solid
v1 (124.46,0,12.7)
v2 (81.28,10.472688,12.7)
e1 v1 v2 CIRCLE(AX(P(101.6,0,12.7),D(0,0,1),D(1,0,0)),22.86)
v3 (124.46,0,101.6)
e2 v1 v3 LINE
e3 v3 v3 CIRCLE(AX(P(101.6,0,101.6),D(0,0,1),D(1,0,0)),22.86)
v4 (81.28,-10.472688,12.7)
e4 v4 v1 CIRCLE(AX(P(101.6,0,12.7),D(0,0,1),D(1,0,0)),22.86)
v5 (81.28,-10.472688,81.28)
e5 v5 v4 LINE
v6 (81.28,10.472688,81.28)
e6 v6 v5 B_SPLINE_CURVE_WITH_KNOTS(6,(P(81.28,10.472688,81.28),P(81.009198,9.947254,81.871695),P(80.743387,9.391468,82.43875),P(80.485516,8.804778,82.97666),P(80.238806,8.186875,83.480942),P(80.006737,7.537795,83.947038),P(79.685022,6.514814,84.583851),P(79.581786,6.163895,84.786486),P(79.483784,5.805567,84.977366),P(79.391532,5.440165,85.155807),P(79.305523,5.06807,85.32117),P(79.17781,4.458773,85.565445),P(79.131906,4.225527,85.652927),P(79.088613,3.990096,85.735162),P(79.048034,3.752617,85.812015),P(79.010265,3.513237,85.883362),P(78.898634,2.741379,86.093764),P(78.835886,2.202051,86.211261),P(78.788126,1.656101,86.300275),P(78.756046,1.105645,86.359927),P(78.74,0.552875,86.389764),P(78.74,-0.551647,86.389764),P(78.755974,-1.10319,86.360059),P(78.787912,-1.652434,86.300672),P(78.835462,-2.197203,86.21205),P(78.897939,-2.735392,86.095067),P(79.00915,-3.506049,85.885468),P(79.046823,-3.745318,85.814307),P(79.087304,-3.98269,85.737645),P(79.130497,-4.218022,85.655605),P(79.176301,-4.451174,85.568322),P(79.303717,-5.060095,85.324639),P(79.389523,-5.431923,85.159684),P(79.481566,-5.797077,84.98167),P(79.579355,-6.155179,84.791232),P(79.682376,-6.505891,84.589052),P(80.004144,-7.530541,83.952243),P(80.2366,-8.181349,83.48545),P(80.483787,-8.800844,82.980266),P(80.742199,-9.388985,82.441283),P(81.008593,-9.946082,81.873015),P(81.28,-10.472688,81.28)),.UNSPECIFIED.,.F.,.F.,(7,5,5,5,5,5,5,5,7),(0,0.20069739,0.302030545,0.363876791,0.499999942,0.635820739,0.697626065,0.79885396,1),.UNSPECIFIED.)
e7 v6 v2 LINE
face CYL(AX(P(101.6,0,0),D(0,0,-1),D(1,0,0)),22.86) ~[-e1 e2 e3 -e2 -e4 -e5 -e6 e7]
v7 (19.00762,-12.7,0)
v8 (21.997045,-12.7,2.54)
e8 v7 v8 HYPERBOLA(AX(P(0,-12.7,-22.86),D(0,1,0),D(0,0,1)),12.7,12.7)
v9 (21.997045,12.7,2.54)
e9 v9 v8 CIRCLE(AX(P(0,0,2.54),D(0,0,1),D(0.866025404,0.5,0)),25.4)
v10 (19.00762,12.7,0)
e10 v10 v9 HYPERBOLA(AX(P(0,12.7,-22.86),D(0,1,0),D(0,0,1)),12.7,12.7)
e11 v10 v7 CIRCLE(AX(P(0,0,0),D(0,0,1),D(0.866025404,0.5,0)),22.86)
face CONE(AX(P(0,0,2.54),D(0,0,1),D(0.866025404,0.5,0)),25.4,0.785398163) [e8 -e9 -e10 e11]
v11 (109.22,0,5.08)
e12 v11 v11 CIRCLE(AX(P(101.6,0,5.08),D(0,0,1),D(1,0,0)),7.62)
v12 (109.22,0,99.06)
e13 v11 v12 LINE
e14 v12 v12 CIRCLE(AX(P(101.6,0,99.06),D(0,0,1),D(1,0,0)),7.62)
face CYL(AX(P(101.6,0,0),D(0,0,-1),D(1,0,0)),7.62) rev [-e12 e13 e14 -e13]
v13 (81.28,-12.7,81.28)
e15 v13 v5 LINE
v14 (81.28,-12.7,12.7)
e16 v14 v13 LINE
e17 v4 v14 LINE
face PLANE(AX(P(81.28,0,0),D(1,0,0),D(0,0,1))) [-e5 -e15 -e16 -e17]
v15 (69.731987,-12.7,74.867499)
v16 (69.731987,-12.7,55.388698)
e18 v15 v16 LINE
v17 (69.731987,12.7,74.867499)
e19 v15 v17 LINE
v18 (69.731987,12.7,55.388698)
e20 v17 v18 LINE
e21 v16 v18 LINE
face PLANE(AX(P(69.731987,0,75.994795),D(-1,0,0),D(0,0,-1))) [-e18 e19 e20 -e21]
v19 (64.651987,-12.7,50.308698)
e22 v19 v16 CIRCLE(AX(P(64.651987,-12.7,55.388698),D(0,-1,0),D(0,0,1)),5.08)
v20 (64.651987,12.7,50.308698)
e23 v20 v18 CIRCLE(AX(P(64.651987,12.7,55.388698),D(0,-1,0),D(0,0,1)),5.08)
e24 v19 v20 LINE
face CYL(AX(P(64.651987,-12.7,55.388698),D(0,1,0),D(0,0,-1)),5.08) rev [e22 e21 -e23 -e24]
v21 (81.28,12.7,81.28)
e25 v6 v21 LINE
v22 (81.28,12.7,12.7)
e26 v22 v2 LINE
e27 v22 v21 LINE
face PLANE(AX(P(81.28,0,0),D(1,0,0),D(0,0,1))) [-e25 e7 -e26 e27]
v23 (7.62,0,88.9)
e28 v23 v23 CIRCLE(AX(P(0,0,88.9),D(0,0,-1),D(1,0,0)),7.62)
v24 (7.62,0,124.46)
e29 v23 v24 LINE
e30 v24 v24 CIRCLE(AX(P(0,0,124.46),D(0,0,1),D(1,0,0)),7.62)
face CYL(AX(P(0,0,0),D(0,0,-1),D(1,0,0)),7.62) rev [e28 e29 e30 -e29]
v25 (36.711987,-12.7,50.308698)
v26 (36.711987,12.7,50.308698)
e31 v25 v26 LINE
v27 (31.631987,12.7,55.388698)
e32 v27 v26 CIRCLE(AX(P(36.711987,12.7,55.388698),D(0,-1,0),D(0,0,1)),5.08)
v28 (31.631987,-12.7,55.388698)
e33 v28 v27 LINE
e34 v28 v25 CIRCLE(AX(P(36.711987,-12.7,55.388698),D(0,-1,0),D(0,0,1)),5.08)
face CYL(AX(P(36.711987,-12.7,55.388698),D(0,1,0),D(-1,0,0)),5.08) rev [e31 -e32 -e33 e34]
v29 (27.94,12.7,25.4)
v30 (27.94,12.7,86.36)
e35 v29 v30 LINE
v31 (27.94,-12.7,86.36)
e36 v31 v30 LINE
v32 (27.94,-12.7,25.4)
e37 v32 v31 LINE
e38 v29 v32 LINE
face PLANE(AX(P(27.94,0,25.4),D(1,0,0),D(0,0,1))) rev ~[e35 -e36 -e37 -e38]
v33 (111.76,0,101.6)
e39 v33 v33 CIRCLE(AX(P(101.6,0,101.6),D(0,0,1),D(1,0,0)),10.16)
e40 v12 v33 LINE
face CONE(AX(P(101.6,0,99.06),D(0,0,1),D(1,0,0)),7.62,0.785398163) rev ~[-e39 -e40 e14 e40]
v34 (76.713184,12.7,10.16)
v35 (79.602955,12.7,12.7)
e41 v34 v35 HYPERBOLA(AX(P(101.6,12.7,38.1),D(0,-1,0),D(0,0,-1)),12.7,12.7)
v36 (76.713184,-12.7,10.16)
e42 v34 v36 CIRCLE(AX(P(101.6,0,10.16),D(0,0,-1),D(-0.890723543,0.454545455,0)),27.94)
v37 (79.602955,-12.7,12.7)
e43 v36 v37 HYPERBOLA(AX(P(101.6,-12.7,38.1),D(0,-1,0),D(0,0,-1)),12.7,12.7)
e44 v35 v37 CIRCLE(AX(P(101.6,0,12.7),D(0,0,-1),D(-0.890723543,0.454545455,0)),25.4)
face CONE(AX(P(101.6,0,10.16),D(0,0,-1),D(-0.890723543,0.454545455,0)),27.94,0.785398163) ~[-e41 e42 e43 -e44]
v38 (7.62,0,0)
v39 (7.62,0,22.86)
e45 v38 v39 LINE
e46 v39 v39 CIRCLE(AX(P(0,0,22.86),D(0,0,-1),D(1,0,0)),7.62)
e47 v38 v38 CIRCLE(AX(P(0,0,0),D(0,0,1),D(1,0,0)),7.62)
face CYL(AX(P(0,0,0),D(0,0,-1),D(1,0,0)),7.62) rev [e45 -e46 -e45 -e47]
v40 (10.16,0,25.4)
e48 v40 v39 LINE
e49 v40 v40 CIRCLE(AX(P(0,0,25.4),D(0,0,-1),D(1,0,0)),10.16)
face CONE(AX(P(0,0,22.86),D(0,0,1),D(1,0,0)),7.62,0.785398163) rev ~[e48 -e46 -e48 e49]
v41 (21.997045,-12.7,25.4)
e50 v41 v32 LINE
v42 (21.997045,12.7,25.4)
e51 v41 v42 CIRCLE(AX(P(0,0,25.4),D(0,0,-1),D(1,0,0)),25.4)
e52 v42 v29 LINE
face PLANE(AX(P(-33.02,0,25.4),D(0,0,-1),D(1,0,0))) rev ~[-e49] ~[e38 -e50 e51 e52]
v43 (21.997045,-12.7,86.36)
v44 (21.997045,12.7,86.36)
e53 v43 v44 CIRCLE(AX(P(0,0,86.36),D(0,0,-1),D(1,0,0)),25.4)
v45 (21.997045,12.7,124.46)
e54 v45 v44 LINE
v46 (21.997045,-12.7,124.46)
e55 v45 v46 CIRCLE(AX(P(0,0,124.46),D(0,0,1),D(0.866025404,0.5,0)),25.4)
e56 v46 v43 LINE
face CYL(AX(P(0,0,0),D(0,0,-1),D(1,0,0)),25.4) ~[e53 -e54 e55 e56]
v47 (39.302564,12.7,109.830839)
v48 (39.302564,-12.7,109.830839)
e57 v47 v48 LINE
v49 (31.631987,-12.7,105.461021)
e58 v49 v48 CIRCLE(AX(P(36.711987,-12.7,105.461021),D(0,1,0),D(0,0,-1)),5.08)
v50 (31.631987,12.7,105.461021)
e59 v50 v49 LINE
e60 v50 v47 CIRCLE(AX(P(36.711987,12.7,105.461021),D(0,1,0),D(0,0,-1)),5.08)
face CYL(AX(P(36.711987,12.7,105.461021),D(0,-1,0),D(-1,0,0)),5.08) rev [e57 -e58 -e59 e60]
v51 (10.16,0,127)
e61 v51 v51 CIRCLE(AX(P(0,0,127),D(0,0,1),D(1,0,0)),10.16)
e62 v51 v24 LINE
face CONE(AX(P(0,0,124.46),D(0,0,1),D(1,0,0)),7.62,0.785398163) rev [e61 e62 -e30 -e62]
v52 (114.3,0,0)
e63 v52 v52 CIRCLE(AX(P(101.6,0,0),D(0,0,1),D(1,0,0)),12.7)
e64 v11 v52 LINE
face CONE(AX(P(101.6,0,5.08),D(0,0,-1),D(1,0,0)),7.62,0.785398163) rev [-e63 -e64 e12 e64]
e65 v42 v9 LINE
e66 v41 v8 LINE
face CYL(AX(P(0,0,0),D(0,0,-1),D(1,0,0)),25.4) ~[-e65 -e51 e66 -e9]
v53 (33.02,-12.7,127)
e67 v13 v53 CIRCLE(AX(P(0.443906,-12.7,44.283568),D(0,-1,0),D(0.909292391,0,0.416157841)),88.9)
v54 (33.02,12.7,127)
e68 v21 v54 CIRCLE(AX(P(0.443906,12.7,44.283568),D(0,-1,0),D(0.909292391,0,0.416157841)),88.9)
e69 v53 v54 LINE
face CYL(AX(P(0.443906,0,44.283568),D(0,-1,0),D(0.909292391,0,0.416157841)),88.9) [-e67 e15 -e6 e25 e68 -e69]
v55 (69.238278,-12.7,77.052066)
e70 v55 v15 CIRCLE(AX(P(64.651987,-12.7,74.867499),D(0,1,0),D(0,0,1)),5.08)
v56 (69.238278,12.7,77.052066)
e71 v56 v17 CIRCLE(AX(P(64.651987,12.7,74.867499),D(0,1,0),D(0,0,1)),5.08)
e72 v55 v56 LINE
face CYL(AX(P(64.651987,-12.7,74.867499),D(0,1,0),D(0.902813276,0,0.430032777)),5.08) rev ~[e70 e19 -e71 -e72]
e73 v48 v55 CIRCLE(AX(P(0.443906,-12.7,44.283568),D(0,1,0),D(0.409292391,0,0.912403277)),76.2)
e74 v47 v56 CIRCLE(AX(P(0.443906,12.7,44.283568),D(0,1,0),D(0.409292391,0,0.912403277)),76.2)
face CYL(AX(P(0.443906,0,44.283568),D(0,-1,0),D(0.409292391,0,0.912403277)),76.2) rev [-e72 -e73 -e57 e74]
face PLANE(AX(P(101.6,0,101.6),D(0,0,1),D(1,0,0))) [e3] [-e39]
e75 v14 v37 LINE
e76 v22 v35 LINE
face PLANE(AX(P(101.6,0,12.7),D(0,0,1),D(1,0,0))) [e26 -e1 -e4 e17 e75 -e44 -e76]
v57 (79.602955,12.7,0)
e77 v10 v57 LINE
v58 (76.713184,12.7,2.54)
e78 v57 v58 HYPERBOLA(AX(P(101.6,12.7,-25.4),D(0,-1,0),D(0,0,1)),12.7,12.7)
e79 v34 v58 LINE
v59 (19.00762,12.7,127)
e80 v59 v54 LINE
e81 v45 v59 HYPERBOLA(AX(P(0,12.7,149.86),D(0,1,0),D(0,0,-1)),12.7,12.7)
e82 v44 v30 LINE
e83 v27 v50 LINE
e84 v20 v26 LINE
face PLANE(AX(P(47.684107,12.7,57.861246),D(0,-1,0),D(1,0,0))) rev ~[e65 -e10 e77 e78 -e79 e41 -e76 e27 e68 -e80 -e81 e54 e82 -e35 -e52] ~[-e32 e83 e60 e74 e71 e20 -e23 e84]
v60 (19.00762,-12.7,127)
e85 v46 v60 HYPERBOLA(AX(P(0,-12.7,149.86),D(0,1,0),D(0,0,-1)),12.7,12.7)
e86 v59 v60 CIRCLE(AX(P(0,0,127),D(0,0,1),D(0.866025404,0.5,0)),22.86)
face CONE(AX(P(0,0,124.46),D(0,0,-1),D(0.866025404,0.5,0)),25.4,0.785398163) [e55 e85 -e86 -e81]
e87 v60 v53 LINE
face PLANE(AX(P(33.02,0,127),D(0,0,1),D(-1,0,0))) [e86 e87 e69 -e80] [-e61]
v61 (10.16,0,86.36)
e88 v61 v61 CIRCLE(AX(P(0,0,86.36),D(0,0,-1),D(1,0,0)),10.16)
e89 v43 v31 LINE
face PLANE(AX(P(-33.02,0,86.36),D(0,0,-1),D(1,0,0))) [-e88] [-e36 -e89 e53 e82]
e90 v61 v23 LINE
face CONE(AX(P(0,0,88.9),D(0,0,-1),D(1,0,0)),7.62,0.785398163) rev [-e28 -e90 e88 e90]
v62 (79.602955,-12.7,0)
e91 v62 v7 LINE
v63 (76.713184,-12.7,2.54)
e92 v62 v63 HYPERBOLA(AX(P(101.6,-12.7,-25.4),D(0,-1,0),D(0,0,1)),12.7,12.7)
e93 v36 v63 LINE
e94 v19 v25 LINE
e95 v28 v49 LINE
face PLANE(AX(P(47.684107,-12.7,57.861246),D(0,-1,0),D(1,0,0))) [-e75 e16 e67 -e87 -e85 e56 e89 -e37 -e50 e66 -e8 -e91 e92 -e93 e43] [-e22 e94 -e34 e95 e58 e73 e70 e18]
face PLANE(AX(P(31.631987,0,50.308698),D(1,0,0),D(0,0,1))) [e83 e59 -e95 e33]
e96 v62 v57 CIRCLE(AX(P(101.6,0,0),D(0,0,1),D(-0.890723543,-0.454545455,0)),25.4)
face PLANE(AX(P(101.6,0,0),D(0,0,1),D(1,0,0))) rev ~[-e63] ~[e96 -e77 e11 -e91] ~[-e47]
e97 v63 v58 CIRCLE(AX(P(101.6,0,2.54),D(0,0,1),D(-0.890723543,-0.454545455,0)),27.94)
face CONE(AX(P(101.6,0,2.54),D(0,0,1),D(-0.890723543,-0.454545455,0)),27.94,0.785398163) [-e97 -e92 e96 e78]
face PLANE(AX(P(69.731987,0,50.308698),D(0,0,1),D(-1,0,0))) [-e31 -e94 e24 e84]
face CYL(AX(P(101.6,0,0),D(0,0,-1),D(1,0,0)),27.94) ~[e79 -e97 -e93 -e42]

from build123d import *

# Parameters (mm, degrees)
F0_R      = 25.4
F0_R_2    = 7.62
F1_DEPTH  = 127
F0_R_3    = 22.86
F2_DEPTH  = 101.6
F4_DEPTH  = 12.7
F5_W      = 60.96
F5_H      = 60.96
F6_DEPTH  = 50.8
F7_R      = 5.08
F8_SIZE   = 2.54
F9_R      = 27.94
F9_R_2    = 22.86
F10_DEPTH = 12.7
F11_SIZE  = 5.08
F12_SIZE  = 2.54
F13_SIZE  = 2.54
F14_SIZE  = 2.54


with BuildPart() as f1:
    # F0 (on Top) → F1 (new body)
    with BuildSketch(Plane.XY):
        Circle(F0_R)
        Circle(F0_R_2, mode=Mode.SUBTRACT)
    extrude(amount=F1_DEPTH)



with BuildPart() as f2:
    # F0 (on Top) → F2 (new body)
    with BuildSketch(Plane.XY):
        with Locations((101.6, 0)):
            Circle(F0_R_3)
        with Locations((101.6, 0)):
            Circle(F0_R_2, mode=Mode.SUBTRACT)
    extrude(amount=F2_DEPTH)


with BuildPart() as f1_1:
    add(f1.part)

    add(f2.part)  # F4 merges F2
    # F3 (on Front) → F4 (join, symmetric)
    with BuildSketch(Plane.XZ):
        with BuildLine():
            Line((20.32, 127), (20.32, 0))
            Line((20.32, 0), (81.28, 0))
            Line((81.28, 0), (81.28, 81.28))
            ThreePointArc((81.28, 81.28), (61.5844056789, 108.82076155), (33.02, 127))
            Line((33.02, 127), (20.32, 127))
        make_face()
        with BuildLine():
            ThreePointArc((31.63198664, 113.8086976228), (54.1219978961, 98.3677847047), (69.73198664, 75.9947954215))
            Line((69.73198664, 75.9947954215), (69.73198664, 50.3086976228))
            Line((69.73198664, 50.3086976228), (31.63198664, 50.3086976228))
            Line((31.63198664, 50.3086976228), (31.63198664, 113.8086976228))
        make_face(mode=Mode.SUBTRACT)
    extrude(amount=F4_DEPTH, both=True)

    # F5 (on Front) → F6 (cut, symmetric)
    with BuildSketch(Plane.XZ):
        with Locations((-2.54, 55.88)):
            Rectangle(F5_W, F5_H)
    extrude(amount=F6_DEPTH, both=True, mode=Mode.SUBTRACT)

    # F7
    f7_edges = [f1_1.edges().sort_by_distance(p)[0] for p in [
        (31.631987, 0, 50.308698),
        (31.631987, 0, 113.808698),
        (69.731987, 0, 50.308698),
        (69.731987, 0, 75.994795),
    ]]
    fillet(f7_edges, radius=F7_R)

    # F8
    f8_edges = [f1_1.edges().sort_by_distance(p)[0] for p in [
        (-25.4, 0, 127),
        (-25.4, 0, 0),
        (-7.62, 0, 86.36),
        (-7.62, 0, 25.4),
    ]]
    chamfer(f8_edges, length=F8_SIZE)

    # F9 (on Top) → F10 (join)
    with BuildSketch(Plane.XY):
        with Locations((101.6, 0)):
            Circle(F9_R)
        with Locations((101.6, 0)):
            Circle(F9_R_2, mode=Mode.SUBTRACT)
    extrude(amount=F10_DEPTH)

    # F11
    f11_edges = [f1_1.edges().sort_by_distance(p)[0] for p in [
        (93.98, 0, 0),
    ]]
    chamfer(f11_edges, length=F11_SIZE)

    # F12
    f12_edges = [f1_1.edges().sort_by_distance(p)[0] for p in [
        (93.98, 0, 101.6),
    ]]
    chamfer(f12_edges, length=F12_SIZE)

    # F13
    f13_edges = [f1_1.edges().sort_by_distance(p)[0] for p in [
        (129.54, 0, 12.7),
        (129.54, 0, 0),
    ]]
    chamfer(f13_edges, length=F13_SIZE)

    # F14
    f14_edges = [f1_1.edges().sort_by_distance(p)[0] for p in [
        (-7.62, 0, 127),
    ]]
    chamfer(f14_edges, length=F14_SIZE)


solid = f1_1.part
